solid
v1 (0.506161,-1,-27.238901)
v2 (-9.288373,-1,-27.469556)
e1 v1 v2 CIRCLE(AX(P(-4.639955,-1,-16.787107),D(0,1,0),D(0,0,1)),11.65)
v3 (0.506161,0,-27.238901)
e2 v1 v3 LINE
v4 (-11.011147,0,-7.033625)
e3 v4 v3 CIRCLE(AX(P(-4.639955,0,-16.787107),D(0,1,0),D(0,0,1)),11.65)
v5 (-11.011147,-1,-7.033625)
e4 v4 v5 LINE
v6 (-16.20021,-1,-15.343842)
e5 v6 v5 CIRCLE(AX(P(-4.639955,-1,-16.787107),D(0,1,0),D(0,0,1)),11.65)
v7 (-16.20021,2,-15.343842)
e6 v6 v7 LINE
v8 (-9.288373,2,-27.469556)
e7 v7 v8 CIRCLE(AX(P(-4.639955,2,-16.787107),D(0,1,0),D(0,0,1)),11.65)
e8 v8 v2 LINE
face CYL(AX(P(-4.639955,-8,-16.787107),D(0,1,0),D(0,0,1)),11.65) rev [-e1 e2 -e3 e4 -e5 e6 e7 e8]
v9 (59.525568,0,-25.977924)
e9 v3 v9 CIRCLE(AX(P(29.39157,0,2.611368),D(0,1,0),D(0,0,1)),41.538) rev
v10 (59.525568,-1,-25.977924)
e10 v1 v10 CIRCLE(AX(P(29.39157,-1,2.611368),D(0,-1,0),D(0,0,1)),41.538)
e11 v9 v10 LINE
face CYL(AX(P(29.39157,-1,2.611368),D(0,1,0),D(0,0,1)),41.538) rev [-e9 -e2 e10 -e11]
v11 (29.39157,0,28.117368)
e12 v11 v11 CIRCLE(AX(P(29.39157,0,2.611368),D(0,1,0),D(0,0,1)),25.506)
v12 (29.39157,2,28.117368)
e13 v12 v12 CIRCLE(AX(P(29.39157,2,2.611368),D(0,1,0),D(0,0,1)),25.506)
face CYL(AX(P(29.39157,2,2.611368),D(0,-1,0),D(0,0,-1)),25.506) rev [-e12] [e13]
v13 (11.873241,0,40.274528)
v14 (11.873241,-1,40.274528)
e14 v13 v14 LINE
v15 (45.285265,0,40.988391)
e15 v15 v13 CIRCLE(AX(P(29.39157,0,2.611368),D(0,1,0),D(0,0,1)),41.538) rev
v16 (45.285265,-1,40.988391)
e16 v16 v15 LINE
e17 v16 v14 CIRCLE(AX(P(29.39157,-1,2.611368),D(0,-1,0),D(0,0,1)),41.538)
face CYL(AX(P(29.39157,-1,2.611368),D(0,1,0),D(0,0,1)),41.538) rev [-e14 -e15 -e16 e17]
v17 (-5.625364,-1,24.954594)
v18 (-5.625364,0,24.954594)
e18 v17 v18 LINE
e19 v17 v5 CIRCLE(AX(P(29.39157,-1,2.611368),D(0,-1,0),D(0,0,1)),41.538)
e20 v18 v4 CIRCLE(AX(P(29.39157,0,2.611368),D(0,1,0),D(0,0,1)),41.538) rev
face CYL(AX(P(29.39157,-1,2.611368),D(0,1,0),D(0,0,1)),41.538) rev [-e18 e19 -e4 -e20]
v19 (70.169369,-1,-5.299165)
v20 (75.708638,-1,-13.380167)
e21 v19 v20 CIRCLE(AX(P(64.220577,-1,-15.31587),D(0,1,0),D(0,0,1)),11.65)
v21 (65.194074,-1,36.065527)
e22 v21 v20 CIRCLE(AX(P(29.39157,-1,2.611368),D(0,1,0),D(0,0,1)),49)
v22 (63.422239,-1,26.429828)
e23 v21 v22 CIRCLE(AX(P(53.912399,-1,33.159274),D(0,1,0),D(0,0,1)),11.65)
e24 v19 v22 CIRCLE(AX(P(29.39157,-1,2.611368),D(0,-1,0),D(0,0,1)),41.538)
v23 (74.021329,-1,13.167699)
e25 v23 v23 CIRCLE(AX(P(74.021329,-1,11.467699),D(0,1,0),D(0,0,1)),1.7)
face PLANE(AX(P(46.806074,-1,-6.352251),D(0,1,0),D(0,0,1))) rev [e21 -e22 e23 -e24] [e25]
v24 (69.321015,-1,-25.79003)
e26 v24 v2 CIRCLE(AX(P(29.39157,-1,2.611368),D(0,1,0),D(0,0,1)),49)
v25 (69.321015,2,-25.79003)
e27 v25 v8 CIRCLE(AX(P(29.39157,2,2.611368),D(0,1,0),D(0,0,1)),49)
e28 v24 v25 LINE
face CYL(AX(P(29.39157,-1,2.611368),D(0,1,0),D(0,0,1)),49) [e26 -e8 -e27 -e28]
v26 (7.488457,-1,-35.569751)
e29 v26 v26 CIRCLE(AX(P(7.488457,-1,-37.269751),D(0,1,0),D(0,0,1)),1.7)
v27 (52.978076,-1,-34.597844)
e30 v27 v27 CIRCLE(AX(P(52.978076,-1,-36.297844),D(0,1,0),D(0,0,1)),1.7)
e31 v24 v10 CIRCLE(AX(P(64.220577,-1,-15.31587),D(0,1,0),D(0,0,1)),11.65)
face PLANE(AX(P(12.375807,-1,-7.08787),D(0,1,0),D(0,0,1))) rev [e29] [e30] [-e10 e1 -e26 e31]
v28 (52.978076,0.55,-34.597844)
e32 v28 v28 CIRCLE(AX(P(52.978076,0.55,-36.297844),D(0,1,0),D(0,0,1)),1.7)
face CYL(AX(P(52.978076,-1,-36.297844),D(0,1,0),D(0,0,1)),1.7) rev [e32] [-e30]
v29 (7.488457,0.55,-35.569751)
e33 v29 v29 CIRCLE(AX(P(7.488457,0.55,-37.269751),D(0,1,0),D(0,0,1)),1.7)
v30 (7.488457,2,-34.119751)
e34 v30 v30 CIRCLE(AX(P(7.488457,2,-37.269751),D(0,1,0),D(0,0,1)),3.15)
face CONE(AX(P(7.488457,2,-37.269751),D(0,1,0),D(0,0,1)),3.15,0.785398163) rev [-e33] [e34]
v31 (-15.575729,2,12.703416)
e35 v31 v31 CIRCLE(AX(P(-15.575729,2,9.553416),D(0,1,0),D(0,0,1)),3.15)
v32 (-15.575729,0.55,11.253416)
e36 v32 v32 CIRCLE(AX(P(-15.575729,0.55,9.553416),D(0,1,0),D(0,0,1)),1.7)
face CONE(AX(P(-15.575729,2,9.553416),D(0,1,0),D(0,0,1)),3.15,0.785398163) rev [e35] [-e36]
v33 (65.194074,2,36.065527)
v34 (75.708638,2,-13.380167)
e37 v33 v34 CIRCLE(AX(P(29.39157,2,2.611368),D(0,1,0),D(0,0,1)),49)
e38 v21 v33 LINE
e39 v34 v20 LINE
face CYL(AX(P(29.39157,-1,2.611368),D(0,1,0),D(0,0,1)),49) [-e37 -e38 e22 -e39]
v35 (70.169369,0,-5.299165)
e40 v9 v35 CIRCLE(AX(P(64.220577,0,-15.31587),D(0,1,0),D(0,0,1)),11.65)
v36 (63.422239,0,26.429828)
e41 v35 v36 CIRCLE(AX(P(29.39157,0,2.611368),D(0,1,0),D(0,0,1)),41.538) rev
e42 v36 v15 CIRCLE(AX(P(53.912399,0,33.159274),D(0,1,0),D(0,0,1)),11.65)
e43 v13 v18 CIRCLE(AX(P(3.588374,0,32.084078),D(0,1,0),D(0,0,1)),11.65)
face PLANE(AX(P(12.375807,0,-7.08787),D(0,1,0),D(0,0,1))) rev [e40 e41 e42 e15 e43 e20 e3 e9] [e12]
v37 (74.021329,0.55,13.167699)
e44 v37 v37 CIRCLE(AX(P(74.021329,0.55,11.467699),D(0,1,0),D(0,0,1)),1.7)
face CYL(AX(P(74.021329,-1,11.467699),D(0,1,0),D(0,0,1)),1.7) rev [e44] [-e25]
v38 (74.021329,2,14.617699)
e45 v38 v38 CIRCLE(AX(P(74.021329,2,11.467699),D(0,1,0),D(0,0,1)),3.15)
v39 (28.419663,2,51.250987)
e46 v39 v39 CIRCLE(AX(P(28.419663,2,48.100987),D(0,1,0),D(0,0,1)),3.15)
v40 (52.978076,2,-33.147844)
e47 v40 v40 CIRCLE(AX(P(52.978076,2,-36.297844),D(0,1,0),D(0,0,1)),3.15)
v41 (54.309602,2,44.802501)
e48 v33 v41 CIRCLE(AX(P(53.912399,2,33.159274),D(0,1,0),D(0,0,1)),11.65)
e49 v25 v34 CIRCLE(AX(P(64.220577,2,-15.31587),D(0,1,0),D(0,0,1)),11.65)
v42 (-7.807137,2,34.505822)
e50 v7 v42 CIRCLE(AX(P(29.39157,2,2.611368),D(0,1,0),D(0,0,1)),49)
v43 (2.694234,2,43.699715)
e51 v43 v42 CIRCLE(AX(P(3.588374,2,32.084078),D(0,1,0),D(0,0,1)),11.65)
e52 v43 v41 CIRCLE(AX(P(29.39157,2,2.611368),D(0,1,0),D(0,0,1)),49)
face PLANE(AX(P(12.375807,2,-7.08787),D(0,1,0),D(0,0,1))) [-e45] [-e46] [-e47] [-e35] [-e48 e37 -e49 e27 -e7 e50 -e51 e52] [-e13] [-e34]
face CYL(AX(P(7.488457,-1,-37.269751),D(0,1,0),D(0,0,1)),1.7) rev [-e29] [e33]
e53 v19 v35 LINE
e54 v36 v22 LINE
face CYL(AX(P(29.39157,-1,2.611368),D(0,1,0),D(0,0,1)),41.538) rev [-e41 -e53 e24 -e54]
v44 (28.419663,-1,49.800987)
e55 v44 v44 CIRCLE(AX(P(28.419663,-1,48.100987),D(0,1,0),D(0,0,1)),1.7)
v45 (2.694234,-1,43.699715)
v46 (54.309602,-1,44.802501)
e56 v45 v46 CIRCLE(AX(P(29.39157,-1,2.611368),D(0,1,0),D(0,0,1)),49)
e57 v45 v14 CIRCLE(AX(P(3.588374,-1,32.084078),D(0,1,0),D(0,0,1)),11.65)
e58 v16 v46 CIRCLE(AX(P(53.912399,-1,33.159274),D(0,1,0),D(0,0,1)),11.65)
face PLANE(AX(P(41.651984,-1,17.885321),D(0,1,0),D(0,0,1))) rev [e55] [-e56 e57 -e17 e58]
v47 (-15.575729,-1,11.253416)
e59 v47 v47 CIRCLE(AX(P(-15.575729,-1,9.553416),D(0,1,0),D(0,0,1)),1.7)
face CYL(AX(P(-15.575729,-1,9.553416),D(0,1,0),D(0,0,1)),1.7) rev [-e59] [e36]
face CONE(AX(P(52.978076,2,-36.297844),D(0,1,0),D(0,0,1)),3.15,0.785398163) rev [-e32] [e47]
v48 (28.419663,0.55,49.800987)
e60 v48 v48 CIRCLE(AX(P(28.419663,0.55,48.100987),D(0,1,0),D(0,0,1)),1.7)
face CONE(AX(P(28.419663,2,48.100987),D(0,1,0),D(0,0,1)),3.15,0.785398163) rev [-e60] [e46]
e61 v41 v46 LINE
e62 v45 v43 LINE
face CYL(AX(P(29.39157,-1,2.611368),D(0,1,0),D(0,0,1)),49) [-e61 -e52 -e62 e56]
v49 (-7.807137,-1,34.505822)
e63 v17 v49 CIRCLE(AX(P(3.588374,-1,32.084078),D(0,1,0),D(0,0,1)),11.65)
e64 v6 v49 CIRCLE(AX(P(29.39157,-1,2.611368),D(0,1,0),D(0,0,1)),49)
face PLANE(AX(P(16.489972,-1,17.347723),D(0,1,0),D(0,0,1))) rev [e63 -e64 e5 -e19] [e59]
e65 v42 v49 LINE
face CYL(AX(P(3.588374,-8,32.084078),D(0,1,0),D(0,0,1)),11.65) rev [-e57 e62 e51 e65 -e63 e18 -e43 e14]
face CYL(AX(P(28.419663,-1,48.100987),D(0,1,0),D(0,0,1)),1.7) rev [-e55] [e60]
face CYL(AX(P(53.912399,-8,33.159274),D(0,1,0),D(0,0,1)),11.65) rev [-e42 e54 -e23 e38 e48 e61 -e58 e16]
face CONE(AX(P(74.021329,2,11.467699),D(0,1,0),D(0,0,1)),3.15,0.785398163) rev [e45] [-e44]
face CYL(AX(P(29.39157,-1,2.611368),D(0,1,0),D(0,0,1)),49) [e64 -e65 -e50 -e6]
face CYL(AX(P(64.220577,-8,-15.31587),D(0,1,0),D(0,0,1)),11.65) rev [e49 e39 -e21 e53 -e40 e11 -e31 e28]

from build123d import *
from build123d.topology import SkipClean

# Parameters (mm, degrees)
SKETCH1_R                                      = 25.506
BOSS_EXTRUDE1_DEPTH                            = 2
BOSS_EXTRUDE2_START                            = -3
BOSS_EXTRUDE2_DEPTH                            = 3
BOSS_EXTRUDE6_START                            = -3
BOSS_EXTRUDE6_DEPTH                            = 3
SKETCH25_R                                     = 1.7
CUT_EXTRUDE16_DEPTH                            = 95.198280418
CSK_FOR_M3_FLAT_HEAD_MACHINE_SCREW1_AT_2_COUNT = 2
CSK_FOR_M3_FLAT_HEAD_MACHINE_SCREW1_AT_2_PITCH = 45.5
CSK_FOR_M3_FLAT_HEAD_MACHINE_SCREW1_AT_3_COUNT = 2
CSK_FOR_M3_FLAT_HEAD_MACHINE_SCREW1_AT_3_PITCH = 82.47400862
CSK_FOR_M3_FLAT_HEAD_MACHINE_SCREW1_AT_4_COUNT = 2
CSK_FOR_M3_FLAT_HEAD_MACHINE_SCREW1_AT_4_PITCH = 87.899250192
CSK_FOR_M3_FLAT_HEAD_MACHINE_SCREW1_AT_5_COUNT = 2
CSK_FOR_M3_FLAT_HEAD_MACHINE_SCREW1_AT_5_PITCH = 52.195455708
CUT_EXTRUDE18_START                            = -10
SKETCH38_R                                     = 11.65
SKETCH38_R_2                                   = 10.65
CUT_EXTRUDE18_DEPTH                            = 10


with BuildPart() as part:
    # Sketch1 → Boss-Extrude1 (new body)
    with BuildSketch(Plane(origin=(0, 0, 0), x_dir=(-1, 0, 0), z_dir=(0, 1, 0))):
        with BuildLine():
            ThreePointArc((-61.273022956, -25.549853724), (-30.300207038, -39.91692623), (1.257982902, -26.885857738))
            ThreePointArc((1.257982902, -26.885857738), (-4.612463385, -11.513091013), (11.606251263, -8.731474296))
            ThreePointArc((11.606251263, -8.731474296), (12.556026093, 9.673988398), (5.631693186, 26.753705697))
            ThreePointArc((5.631693186, 26.753705697), (-10.603691781, 24.071100363), (-10.090754324, 40.518622716))
            ThreePointArc((-10.090754324, 40.518622716), (-28.482933471, 45.139662538), (-47.055700073, 41.308395969))
            ThreePointArc((-47.055700073, 41.308395969), (-47.245727944, 24.853974503), (-63.351719399, 28.227568381))
            ThreePointArc((-63.351719399, 28.227568381), (-70.999232707, 11.459185352), (-70.836448279, -6.970047687))
            ThreePointArc((-70.836448279, -6.970047687), (-54.751340848, -10.441850583), (-61.273022956, -25.549853724))
        make_face()
        with Locations(Location((-29.391570254, 2.611368154, 0), (0, 0, 90))):
            Circle(SKETCH1_R, mode=Mode.SUBTRACT)
    extrude(amount=BOSS_EXTRUDE1_DEPTH)

    # Sketch2 → Boss-Extrude2 (add)
    with SkipClean():  # the faces are left unmerged after this step: merging them gives an invalid solid
        with BuildSketch(Plane(origin=(0, 2, 0), x_dir=(1, 0, 0), z_dir=(0, 1, 0)).offset(BOSS_EXTRUDE2_START)):
            with BuildLine():
                ThreePointArc((8.100781322, -41.730874166), (9.584878111, -40.885466148), (10.914743148, -39.813683997))
                ThreePointArc((10.914743148, -39.813683997), (28.504294061, -44.139890701), (46.262572123, -40.568906798))
                ThreePointArc((46.262572123, -40.568906798), (47.545446241, -41.696511336), (48.99208013, -42.604535778))
                ThreePointArc((48.99208013, -42.604535778), (28.44021229, -47.139206211), (8.100781322, -41.730874166))
            make_face()
            with BuildLine():
                ThreePointArc((64.198332324, -30.398465127), (63.624713683, -28.789670656), (62.801291616, -27.293263594))
                ThreePointArc((62.801291616, -27.293263594), (70.021103448, -11.251187393), (69.953480433, 6.340552681))
                ThreePointArc((69.953480433, 6.340552681), (71.314539545, 7.372432563), (72.493139985, 8.608619846))
                ThreePointArc((72.493139985, 8.608619846), (72.955491227, -11.875181271), (64.198332324, -30.398465127))
            make_face()
            with BuildLine():
                ThreePointArc((63.569251617, 25.945934601), (61.87831648, 25.705110274), (60.247624932, 25.197071819))
                ThreePointArc((60.247624932, 25.197071819), (30.278846447, 38.917154393), (-0.248588426, 26.489601545))
                ThreePointArc((-0.248588426, 26.489601545), (-1.856092836, 27.066825563), (-3.535198959, 27.379652388))
                ThreePointArc((-3.535198959, 27.379652388), (30.342928218, 41.916469903), (63.569251617, 25.945934601))
            make_face()
            with BuildLine():
                ThreePointArc((-5.0418622, -25.843763068), (-5.928446542, -27.303635049), (-6.570255645, -28.886461341))
                ThreePointArc((-6.570255645, -28.886461341), (-14.528267211, -10.006050096), (-13.191445392, 10.439310852))
                ThreePointArc((-13.191445392, 10.439310852), (-12.066719813, 9.153911938), (-10.750975803, 8.064840913))
                ThreePointArc((-10.750975803, 8.064840913), (-11.569905534, -9.50795755), (-5.0418622, -25.843763068))
            make_face()
        extrude(amount=BOSS_EXTRUDE2_DEPTH)

    # Sketch24 → Boss-Extrude6 (add)
    with SkipClean():  # the faces are left unmerged after this step: merging them gives an invalid solid
        with BuildSketch(Plane(origin=(0, 2, 0), x_dir=(1, 0, 0), z_dir=(0, 1, 0)).offset(BOSS_EXTRUDE6_START)):
            with BuildLine():
                ThreePointArc((70.669999692, 23.791117773), (30.438076993, 46.377455303), (-10.721688888, 25.529819472))
                ThreePointArc((-10.721688888, 25.529819472), (-7.294770946, 27.100906435), (-3.535198959, 27.379652388))
                ThreePointArc((-3.535198959, 27.379652388), (30.342885438, 41.916470817), (63.569196745, 25.946000272))
                ThreePointArc((63.569196745, 25.946000272), (67.313347493, 25.5070047), (70.669999692, 23.791117773))
            make_face()
            with BuildLine():
                ThreePointArc((-13.191445392, 10.439310852), (-14.8672068, 13.816277617), (-15.261471823, 17.565495658))
                ThreePointArc((-15.261471823, 17.565495658), (-18.928337146, -10.746879743), (-6.19266673, -36.297597956))
                ThreePointArc((-6.19266673, -36.297597956), (-7.047830714, -32.625980412), (-6.570255645, -28.886461341))
                ThreePointArc((-6.570255645, -28.886461341), (-14.528267211, -10.006050096), (-13.191445392, 10.439310852))
            make_face()
            with BuildLine():
                ThreePointArc((78.391570254, -2.611368154), (77.502051415, 6.682802197), (74.86579056, 15.639530113))
                ThreePointArc((74.86579056, 15.639530113), (74.31165682, 11.910680729), (72.493175524, 8.608483323))
                ThreePointArc((72.493175524, 8.608483323), (72.955476555, -11.875250265), (64.198332324, -30.398465127))
                ThreePointArc((64.198332324, -30.398465127), (64.515751364, -34.154969617), (63.504547713, -37.786711349))
                ThreePointArc((63.504547713, -37.786711349), (74.516595991, -21.709327528), (78.391570254, -2.611368154))
            make_face()
            with BuildLine():
                ThreePointArc((8.100781322, -41.730874166), (4.457207722, -42.698578795), (0.704767353, -42.336263866))
                ThreePointArc((0.704767353, -42.336263866), (28.344901337, -51.600188146), (56.355487807, -43.525267384))
                ThreePointArc((56.355487807, -43.525267384), (52.590996737, -43.726979578), (48.99208013, -42.604535778))
                ThreePointArc((48.99208013, -42.604535778), (28.44021229, -47.139206211), (8.100781322, -41.730874166))
            make_face()
        extrude(amount=BOSS_EXTRUDE6_DEPTH)

    # Sketch25 → Cut-Extrude16 (cut, through all)
    with SkipClean():  # the faces are left unmerged after this step: merging them gives an invalid solid
        with BuildSketch(Plane(origin=(0.062486446, 2, -0.627225467), x_dir=(-0.9997718365651259, 0, -0.02136059014154422), z_dir=(0, 1, 0))):
            with Locations(Location((-29.391570254, 48.111368154, 0), (0, 0, 91.223964752))):
                Circle(SKETCH25_R)
            with Locations(Location((-74.200323016, 10.512360238, 0), (0, 0, 91.223964752))):
                Circle(SKETCH25_R)
            with Locations(Location((-52.141570254, -36.792787718, 0), (0, 0, 91.223964752))):
                Circle(SKETCH25_R)
            with Locations(Location((-6.641570254, -36.792787718, 0), (0, 0, 91.223964752))):
                Circle(SKETCH25_R)
            with Locations(Location((15.417182508, 10.512360238, 0), (0, 0, 91.223964752))):
                Circle(SKETCH25_R)
        extrude(amount=-CUT_EXTRUDE16_DEPTH, mode=Mode.SUBTRACT)

    # Sketch35 → CSK for M3 Flat Head Machine Screw1 (revolve, cut)
    with SkipClean():  # the faces are left unmerged after this step: merging them gives an invalid solid
        with BuildSketch(Plane(origin=(7.488456996, 2, -37.269750556), x_dir=(0, 0, 1), z_dir=(1, 0, 0))):
            Polygon((0, 0), (0, 3), (1.7, 3), (1.7, 1.45), (3.15, 0), align=None)
        csk_for_m3_flat_head_machine_screw1 = revolve(axis=Axis((7.488456996, 8.35, -37.269750556), (0, -1, 0)), mode=Mode.SUBTRACT)

    # CSK for M3 Flat Head Machine Screw1 at 2: CSK for M3 Flat Head Machine Screw1 ×2
    with SkipClean():  # the faces are left unmerged after this step: merging them gives an invalid solid
        with Locations(*[Vector(0.999771836565126, 0, 0.021360590141544296) * (i * CSK_FOR_M3_FLAT_HEAD_MACHINE_SCREW1_AT_2_PITCH) for i in range(1, CSK_FOR_M3_FLAT_HEAD_MACHINE_SCREW1_AT_2_COUNT)]):
            add(csk_for_m3_flat_head_machine_screw1, mode=Mode.SUBTRACT)

    # CSK for M3 Flat Head Machine Screw1 at 3: CSK for M3 Flat Head Machine Screw1 ×2
    with SkipClean():  # the faces are left unmerged after this step: merging them gives an invalid solid
        with Locations(*[Vector(0.8067132125731439, 0, 0.5909431382628263) * (i * CSK_FOR_M3_FLAT_HEAD_MACHINE_SCREW1_AT_3_PITCH) for i in range(1, CSK_FOR_M3_FLAT_HEAD_MACHINE_SCREW1_AT_3_COUNT)]):
            add(csk_for_m3_flat_head_machine_screw1, mode=Mode.SUBTRACT)

    # CSK for M3 Flat Head Machine Screw1 at 4: CSK for M3 Flat Head Machine Screw1 ×2
    with SkipClean():  # the faces are left unmerged after this step: merging them gives an invalid solid
        with Locations(*[Vector(0.23812724637768845, 0, 0.9712339648779689) * (i * CSK_FOR_M3_FLAT_HEAD_MACHINE_SCREW1_AT_4_PITCH) for i in range(1, CSK_FOR_M3_FLAT_HEAD_MACHINE_SCREW1_AT_4_COUNT)]):
            add(csk_for_m3_flat_head_machine_screw1, mode=Mode.SUBTRACT)

    # CSK for M3 Flat Head Machine Screw1 at 5: CSK for M3 Flat Head Machine Screw1 ×2
    with SkipClean():  # the faces are left unmerged after this step: merging them gives an invalid solid
        with Locations(*[Vector(-0.44188110488744076, 0, 0.8970736252635313) * (i * CSK_FOR_M3_FLAT_HEAD_MACHINE_SCREW1_AT_5_PITCH) for i in range(1, CSK_FOR_M3_FLAT_HEAD_MACHINE_SCREW1_AT_5_COUNT)]):
            add(csk_for_m3_flat_head_machine_screw1, mode=Mode.SUBTRACT)

    # Sketch38 → Cut-Extrude18 (cut)
    # profile 1 of 4: a face of its own
    with BuildSketch(Plane(origin=(0, 2, 0), x_dir=(1, 0, 0), z_dir=(0, 1, 0)).offset(CUT_EXTRUDE18_START)):
        with Locations((-4.639955385, 16.787107215)):
            Circle(SKETCH38_R)
        with Locations((-4.639955385, 16.787107215)):
            Circle(SKETCH38_R_2, mode=Mode.SUBTRACT)
    # profile 2 of 4: a face of its own
    with BuildSketch(Plane(origin=(0, 2, 0), x_dir=(1, 0, 0), z_dir=(0, 1, 0)).offset(CUT_EXTRUDE18_START)):
        with Locations((64.220577116, 15.315869921)):
            Circle(SKETCH38_R)
        with Locations((64.220577116, 15.315869921)):
            Circle(SKETCH38_R_2, mode=Mode.SUBTRACT)
    # profile 3 of 4: a face of its own
    with BuildSketch(Plane(origin=(0, 2, 0), x_dir=(1, 0, 0), z_dir=(0, 1, 0)).offset(CUT_EXTRUDE18_START)):
        with Locations((53.912398563, -33.159274187)):
            Circle(SKETCH38_R)
        with Locations((53.912398563, -33.159274187)):
            Circle(SKETCH38_R_2, mode=Mode.SUBTRACT)
    # profile 4 of 4: a face of its own
    with BuildSketch(Plane(origin=(0, 2, 0), x_dir=(1, 0, 0), z_dir=(0, 1, 0)).offset(CUT_EXTRUDE18_START)):
        with Locations((3.58837358, -32.084077995)):
            Circle(SKETCH38_R)
        with Locations((3.58837358, -32.084077995)):
            Circle(SKETCH38_R_2, mode=Mode.SUBTRACT)
    extrude(amount=CUT_EXTRUDE18_DEPTH, mode=Mode.SUBTRACT)


solid = part.part
